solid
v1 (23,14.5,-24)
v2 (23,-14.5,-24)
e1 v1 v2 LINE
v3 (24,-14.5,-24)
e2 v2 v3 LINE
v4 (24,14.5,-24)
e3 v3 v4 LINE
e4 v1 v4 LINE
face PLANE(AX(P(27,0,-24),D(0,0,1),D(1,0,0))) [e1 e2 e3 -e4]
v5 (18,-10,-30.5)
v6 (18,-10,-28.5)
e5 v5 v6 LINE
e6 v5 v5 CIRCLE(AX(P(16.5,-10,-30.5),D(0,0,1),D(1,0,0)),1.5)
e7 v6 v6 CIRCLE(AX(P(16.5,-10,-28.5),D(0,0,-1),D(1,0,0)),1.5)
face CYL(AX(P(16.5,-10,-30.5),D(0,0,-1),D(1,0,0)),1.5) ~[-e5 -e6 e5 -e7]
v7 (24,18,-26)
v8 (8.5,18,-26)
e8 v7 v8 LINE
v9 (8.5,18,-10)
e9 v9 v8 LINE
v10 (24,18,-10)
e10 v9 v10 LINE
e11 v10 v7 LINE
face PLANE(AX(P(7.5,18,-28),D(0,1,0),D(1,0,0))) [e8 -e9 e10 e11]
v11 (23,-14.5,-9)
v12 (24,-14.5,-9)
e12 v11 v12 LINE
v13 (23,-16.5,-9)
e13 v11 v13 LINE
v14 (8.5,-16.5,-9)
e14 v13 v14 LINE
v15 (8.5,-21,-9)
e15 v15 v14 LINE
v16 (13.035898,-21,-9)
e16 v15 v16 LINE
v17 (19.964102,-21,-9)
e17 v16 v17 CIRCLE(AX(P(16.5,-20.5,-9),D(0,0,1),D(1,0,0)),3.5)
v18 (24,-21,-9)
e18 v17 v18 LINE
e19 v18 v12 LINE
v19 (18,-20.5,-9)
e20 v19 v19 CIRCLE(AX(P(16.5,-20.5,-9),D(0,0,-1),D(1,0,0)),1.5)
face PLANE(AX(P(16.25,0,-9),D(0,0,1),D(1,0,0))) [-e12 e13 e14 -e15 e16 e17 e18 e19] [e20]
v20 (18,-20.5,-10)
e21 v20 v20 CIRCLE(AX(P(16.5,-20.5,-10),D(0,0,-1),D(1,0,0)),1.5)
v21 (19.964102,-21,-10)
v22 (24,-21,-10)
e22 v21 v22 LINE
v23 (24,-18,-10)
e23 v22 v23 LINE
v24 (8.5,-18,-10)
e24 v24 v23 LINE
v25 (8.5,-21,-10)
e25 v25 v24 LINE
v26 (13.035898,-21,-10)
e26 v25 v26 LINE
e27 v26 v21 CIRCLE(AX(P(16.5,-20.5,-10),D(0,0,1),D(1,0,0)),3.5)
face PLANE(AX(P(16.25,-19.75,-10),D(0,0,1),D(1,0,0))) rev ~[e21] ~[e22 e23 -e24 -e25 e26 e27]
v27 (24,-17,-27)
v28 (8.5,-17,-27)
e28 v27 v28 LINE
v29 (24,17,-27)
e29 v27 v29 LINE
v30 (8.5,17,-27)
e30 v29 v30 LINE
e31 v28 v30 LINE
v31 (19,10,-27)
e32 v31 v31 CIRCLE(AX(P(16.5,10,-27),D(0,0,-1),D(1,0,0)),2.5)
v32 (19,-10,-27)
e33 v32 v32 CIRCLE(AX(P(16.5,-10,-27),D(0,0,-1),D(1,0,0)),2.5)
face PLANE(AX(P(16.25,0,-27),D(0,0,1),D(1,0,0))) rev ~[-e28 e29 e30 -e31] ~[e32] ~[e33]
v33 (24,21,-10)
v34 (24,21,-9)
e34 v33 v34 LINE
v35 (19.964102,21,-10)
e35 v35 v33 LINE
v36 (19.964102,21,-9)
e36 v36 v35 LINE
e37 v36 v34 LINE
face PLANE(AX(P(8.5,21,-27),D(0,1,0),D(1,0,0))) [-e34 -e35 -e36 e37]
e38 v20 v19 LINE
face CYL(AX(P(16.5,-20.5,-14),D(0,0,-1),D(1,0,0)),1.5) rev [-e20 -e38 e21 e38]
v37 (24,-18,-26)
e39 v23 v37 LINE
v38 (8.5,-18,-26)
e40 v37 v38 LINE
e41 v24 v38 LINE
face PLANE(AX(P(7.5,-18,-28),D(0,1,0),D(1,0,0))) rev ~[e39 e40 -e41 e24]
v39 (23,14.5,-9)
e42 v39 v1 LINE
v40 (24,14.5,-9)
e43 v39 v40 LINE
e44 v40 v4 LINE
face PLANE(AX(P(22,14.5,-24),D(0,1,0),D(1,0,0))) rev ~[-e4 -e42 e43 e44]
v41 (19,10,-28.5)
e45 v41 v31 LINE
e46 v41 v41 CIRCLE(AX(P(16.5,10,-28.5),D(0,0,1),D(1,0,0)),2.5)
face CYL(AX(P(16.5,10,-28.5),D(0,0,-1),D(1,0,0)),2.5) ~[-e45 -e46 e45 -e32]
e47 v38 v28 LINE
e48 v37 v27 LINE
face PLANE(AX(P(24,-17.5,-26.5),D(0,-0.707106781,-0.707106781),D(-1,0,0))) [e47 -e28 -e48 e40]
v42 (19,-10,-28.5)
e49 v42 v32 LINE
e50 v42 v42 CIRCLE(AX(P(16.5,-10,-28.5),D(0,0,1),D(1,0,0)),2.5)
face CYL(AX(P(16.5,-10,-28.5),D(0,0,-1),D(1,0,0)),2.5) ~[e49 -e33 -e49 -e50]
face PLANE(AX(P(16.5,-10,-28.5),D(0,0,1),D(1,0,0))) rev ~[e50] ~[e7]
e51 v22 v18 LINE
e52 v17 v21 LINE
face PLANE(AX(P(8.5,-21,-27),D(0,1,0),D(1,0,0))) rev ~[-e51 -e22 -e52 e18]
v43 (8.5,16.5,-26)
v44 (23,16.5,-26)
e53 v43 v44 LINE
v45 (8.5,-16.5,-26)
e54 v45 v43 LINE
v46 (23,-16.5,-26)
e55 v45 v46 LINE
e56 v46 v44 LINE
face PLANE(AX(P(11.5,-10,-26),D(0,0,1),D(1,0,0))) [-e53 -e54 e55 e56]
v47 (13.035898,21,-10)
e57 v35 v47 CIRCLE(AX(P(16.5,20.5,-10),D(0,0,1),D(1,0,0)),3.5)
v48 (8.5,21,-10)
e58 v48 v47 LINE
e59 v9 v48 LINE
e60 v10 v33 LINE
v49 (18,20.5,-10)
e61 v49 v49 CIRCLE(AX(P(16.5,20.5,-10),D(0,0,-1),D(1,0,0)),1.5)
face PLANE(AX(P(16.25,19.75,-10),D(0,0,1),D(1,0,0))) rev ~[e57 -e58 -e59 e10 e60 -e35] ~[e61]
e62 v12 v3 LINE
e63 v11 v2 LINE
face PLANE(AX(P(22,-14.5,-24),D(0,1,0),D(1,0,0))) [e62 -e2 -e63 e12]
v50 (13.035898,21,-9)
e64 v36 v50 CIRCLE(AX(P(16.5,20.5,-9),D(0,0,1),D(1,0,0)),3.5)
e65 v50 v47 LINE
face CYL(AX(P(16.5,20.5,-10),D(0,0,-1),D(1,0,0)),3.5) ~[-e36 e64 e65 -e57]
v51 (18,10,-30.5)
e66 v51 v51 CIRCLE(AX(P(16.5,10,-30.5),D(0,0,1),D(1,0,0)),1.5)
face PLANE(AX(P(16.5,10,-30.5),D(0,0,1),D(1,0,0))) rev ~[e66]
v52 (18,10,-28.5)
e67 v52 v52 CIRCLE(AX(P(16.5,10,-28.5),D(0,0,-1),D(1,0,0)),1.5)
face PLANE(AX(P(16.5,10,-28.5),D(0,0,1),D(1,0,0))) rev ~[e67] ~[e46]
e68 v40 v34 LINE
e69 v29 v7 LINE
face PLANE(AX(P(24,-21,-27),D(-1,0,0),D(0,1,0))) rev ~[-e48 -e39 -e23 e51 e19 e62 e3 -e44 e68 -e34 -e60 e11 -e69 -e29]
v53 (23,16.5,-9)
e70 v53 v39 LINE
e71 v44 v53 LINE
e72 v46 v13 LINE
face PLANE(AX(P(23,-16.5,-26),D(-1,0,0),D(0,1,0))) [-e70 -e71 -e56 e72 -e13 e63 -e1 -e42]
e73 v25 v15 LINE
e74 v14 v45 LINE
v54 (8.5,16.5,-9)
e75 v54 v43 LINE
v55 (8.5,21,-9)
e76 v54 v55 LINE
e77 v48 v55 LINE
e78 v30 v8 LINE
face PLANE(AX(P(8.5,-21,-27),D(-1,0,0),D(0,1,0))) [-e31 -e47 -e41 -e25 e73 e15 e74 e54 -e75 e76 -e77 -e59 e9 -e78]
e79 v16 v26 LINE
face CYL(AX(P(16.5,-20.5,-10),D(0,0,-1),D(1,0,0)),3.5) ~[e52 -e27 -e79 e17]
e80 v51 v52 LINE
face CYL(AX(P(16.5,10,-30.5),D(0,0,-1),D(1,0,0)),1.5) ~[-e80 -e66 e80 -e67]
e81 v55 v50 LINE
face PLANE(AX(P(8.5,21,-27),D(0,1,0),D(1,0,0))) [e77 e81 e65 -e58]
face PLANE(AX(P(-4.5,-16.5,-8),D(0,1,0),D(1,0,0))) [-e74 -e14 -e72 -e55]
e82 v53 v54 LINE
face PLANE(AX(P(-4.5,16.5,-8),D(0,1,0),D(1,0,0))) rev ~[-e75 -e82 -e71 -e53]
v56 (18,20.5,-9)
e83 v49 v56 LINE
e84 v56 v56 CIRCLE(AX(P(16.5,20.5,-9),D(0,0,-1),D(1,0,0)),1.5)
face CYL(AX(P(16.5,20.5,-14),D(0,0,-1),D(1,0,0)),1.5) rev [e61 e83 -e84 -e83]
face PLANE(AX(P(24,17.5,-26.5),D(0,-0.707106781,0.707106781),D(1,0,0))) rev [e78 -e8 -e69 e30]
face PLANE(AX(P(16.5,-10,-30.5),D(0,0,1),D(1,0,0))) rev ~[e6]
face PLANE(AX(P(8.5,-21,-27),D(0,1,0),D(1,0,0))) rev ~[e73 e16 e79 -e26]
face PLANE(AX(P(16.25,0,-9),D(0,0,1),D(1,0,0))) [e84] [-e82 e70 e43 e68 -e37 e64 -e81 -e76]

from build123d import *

# Parameters (mm, degrees)
BOX035_W          = 10
BOX035_H          = 29
BOX035_DEPTH      = 15
CYLINDER046_R     = 1.5
CYLINDER046_DEPTH = 10
BOX022_W          = 22
BOX022_H          = 8
BOX022_DEPTH      = 21
CYLINDER041_R     = 1.5
CYLINDER041_DEPTH = 10
CYLINDER051_R     = 1.5
CYLINDER051_DEPTH = 10
CYLINDER052_R     = 1.5
CYLINDER052_DEPTH = 5
CYLINDER050_R     = 1.5
CYLINDER050_DEPTH = 10
CYLINDER054_R     = 3.5
CYLINDER054_DEPTH = 5
BOX024_W          = 32
BOX024_H          = 13
BOX024_DEPTH      = 2
CYLINDER055_R     = 6.5
CYLINDER055_DEPTH = 6
BOX025_W          = 23
BOX025_H          = 13
BOX025_DEPTH      = 23
CYLINDER056_R     = 1.5
CYLINDER056_DEPTH = 10
CYLINDER058_R     = 1.5
CYLINDER058_DEPTH = 5
CYLINDER057_R     = 1.5
CYLINDER057_DEPTH = 10
CYLINDER049_R     = 3.5
CYLINDER049_DEPTH = 5
BOX023_W          = 32
BOX023_H          = 13
BOX023_DEPTH      = 2
CYLINDER053_R     = 6.5
CYLINDER053_DEPTH = 6
BOX026_W          = 23
BOX026_H          = 13
BOX026_DEPTH      = 23
CYLINDER067_R     = 1.5
CYLINDER067_DEPTH = 10
CYLINDER071_R     = 1.5
CYLINDER071_DEPTH = 5
CYLINDER069_R     = 1.5
CYLINDER069_DEPTH = 10
CYLINDER061_R     = 3.5
CYLINDER061_DEPTH = 5
BOX032_W          = 32
BOX032_H          = 13
BOX032_DEPTH      = 2
CYLINDER073_R     = 6.5
CYLINDER073_DEPTH = 6
BOX033_W          = 23
BOX033_H          = 13
BOX033_DEPTH      = 23
CYLINDER065_R     = 1.5
CYLINDER065_DEPTH = 10
CYLINDER074_R     = 1.5
CYLINDER074_DEPTH = 5
CYLINDER070_R     = 1.5
CYLINDER070_DEPTH = 10
CYLINDER063_R     = 3.5
CYLINDER063_DEPTH = 5
BOX031_W          = 32
BOX031_H          = 13
BOX031_DEPTH      = 2
CYLINDER062_R     = 6.5
CYLINDER062_DEPTH = 6
BOX029_W          = 23
BOX029_H          = 13
BOX029_DEPTH      = 23
BOX021_W          = 17.5
BOX021_H          = 3.5
BOX021_DEPTH      = 18
BOX006_W          = 17.5
BOX006_H          = 3.5
BOX006_DEPTH      = 18
BOX020_W          = 15.5
BOX020_H          = 42
BOX020_DEPTH      = 18
CYLINDER042_R     = 3.5
CYLINDER042_DEPTH = 1
CYLINDER016_R     = 1.4
CYLINDER016_DEPTH = 2.5
CYLINDER015_R     = 1.4
CYLINDER015_DEPTH = 2.5
CYLINDER045_R     = 3.5
CYLINDER045_DEPTH = 1
CHAMFER019_SIZE   = 1
CYLINDER201_R     = 1.5
CYLINDER201_DEPTH = 2.5
CYLINDER203_R     = 2.5
CYLINDER203_DEPTH = 2.5
CYLINDER204_R     = 2.5
CYLINDER204_DEPTH = 2.5
CYLINDER202_R     = 1.5
CYLINDER202_DEPTH = 2.5


with BuildPart() as w_rfel035:
    # Box035 → Box035 (new body)
    with BuildSketch(Plane(origin=(22, -14.5, -24), x_dir=(1, 0, 0), z_dir=(0, 0, 1))):
        with Locations((5, 14.5)):
            Rectangle(BOX035_W, BOX035_H)
    extrude(amount=BOX035_DEPTH)


with BuildPart() as zylinder046:
    # Cylinder046 → Cylinder046 (new body)
    with BuildSketch(Plane(origin=(16.5, -20.5, -14), x_dir=(1, 0, 0), z_dir=(0, 0, 1))):
        Circle(CYLINDER046_R)
    extrude(amount=CYLINDER046_DEPTH)


with BuildPart() as w_rfel022:
    # Box022 → Box022 (new body)
    with BuildSketch(Plane(origin=(1, -4, -26), x_dir=(1, 0, 0), z_dir=(0, 0, 1))):
        with Locations((11, 4)):
            Rectangle(BOX022_W, BOX022_H)
    extrude(amount=BOX022_DEPTH)


with BuildPart() as fusion094:
    # Cylinder041 → Cylinder041 (new body)
    with BuildSketch(Plane(origin=(16.5, 20.5, -14), x_dir=(1, 0, 0), z_dir=(0, 0, 1))):
        Circle(CYLINDER041_R)
    extrude(amount=CYLINDER041_DEPTH)

    # Fusion021: union Zylinder046, Würfel022
    add(zylinder046.part)
    add(w_rfel022.part)

    # Fusion094: union Würfel035
    add(w_rfel035.part)


with BuildPart() as zylinder051:
    # Cylinder051 → Cylinder051 (new body)
    with BuildSketch(Plane(origin=(25.5, 6.5, 13), x_dir=(1, 0, 0), z_dir=(0, 0, 1))):
        Circle(CYLINDER051_R)
    extrude(amount=CYLINDER051_DEPTH)


with BuildPart() as zylinder052:
    # Cylinder052 → Cylinder052 (new body)
    with BuildSketch(Plane(origin=(16.5, 6.5, 30), x_dir=(1, 0, 0), z_dir=(0, 0, 1))):
        Circle(CYLINDER052_R)
    extrude(amount=CYLINDER052_DEPTH)


with BuildPart() as fusion025:
    # Cylinder050 → Cylinder050 (new body)
    with BuildSketch(Plane(origin=(-2.5, 6.5, 13), x_dir=(1, 0, 0), z_dir=(0, 0, 1))):
        Circle(CYLINDER050_R)
    extrude(amount=CYLINDER050_DEPTH)

    # Fusion025: union Zylinder051, Zylinder052
    add(zylinder051.part)
    add(zylinder052.part)


with BuildPart() as zylinder054:
    # Cylinder054 → Cylinder054 (new body)
    with BuildSketch(Plane(origin=(16.5, 6.5, 29), x_dir=(1, 0, 0), z_dir=(0, 0, 1))):
        Circle(CYLINDER054_R)
    extrude(amount=CYLINDER054_DEPTH)


with BuildPart() as w_rfel024:
    # Box024 → Box024 (new body)
    with BuildSketch(Plane(origin=(-4.5, 0, 18), x_dir=(1, 0, 0), z_dir=(0, 0, 1))):
        with Locations((16, 6.5)):
            Rectangle(BOX024_W, BOX024_H)
    extrude(amount=BOX024_DEPTH)


with BuildPart() as zylinder055:
    # Cylinder055 → Cylinder055 (new body)
    with BuildSketch(Plane(origin=(16.5, 6.5, 23), x_dir=(1, 0, 0), z_dir=(0, 0, 1))):
        Circle(CYLINDER055_R)
    extrude(amount=CYLINDER055_DEPTH)


with BuildPart() as servo2_mask001:
    # Box025 → Box025 (new body)
    with BuildSketch(Plane.XY):
        with Locations((11.5, 6.5)):
            Rectangle(BOX025_W, BOX025_H)
    extrude(amount=BOX025_DEPTH)

    # Fusion024: union Zylinder054, Würfel024, Zylinder055
    add(zylinder054.part)
    add(w_rfel024.part)
    add(zylinder055.part)

    # Cut012: cut Fusion025
    add(fusion025.part, mode=Mode.SUBTRACT)


with BuildPart() as servo2_mask001_1:
    # Cut012 placement: moved
    add(servo2_mask001.part.moved(Location((0, -16.5, -26))))


with BuildPart() as zylinder056:
    # Cylinder056 → Cylinder056 (new body)
    with BuildSketch(Plane(origin=(25.5, 6.5, 13), x_dir=(1, 0, 0), z_dir=(0, 0, 1))):
        Circle(CYLINDER056_R)
    extrude(amount=CYLINDER056_DEPTH)


with BuildPart() as zylinder058:
    # Cylinder058 → Cylinder058 (new body)
    with BuildSketch(Plane(origin=(16.5, 6.5, 30), x_dir=(1, 0, 0), z_dir=(0, 0, 1))):
        Circle(CYLINDER058_R)
    extrude(amount=CYLINDER058_DEPTH)


with BuildPart() as fusion026:
    # Cylinder057 → Cylinder057 (new body)
    with BuildSketch(Plane(origin=(-2.5, 6.5, 13), x_dir=(1, 0, 0), z_dir=(0, 0, 1))):
        Circle(CYLINDER057_R)
    extrude(amount=CYLINDER057_DEPTH)

    # Fusion026: union Zylinder056, Zylinder058
    add(zylinder056.part)
    add(zylinder058.part)


with BuildPart() as zylinder049:
    # Cylinder049 → Cylinder049 (new body)
    with BuildSketch(Plane(origin=(16.5, 6.5, 29), x_dir=(1, 0, 0), z_dir=(0, 0, 1))):
        Circle(CYLINDER049_R)
    extrude(amount=CYLINDER049_DEPTH)


with BuildPart() as w_rfel023:
    # Box023 → Box023 (new body)
    with BuildSketch(Plane(origin=(-4.5, 0, 18), x_dir=(1, 0, 0), z_dir=(0, 0, 1))):
        with Locations((16, 6.5)):
            Rectangle(BOX023_W, BOX023_H)
    extrude(amount=BOX023_DEPTH)


with BuildPart() as zylinder053:
    # Cylinder053 → Cylinder053 (new body)
    with BuildSketch(Plane(origin=(16.5, 6.5, 23), x_dir=(1, 0, 0), z_dir=(0, 0, 1))):
        Circle(CYLINDER053_R)
    extrude(amount=CYLINDER053_DEPTH)


with BuildPart() as fusion023:
    # Box026 → Box026 (new body)
    with BuildSketch(Plane.XY):
        with Locations((11.5, 6.5)):
            Rectangle(BOX026_W, BOX026_H)
    extrude(amount=BOX026_DEPTH)

    # Fusion027: union Zylinder049, Würfel023, Zylinder053
    add(zylinder049.part)
    add(w_rfel023.part)
    add(zylinder053.part)

    # Cut011: cut Fusion026
    add(fusion026.part, mode=Mode.SUBTRACT)


with BuildPart() as fusion023_1:
    # Cut011 placement: moved
    add(fusion023.part.moved(Location((0, 3.5, -26))))

    # Fusion023: union Servo2_mask001
    add(servo2_mask001_1.part)


with BuildPart() as zylinder067:
    # Cylinder067 → Cylinder067 (new body)
    with BuildSketch(Plane(origin=(25.5, 6.5, 13), x_dir=(1, 0, 0), z_dir=(0, 0, 1))):
        Circle(CYLINDER067_R)
    extrude(amount=CYLINDER067_DEPTH)


with BuildPart() as zylinder071:
    # Cylinder071 → Cylinder071 (new body)
    with BuildSketch(Plane(origin=(16.5, 6.5, 30), x_dir=(1, 0, 0), z_dir=(0, 0, 1))):
        Circle(CYLINDER071_R)
    extrude(amount=CYLINDER071_DEPTH)


with BuildPart() as fusion035:
    # Cylinder069 → Cylinder069 (new body)
    with BuildSketch(Plane(origin=(-2.5, 6.5, 13), x_dir=(1, 0, 0), z_dir=(0, 0, 1))):
        Circle(CYLINDER069_R)
    extrude(amount=CYLINDER069_DEPTH)

    # Fusion035: union Zylinder067, Zylinder071
    add(zylinder067.part)
    add(zylinder071.part)


with BuildPart() as zylinder061:
    # Cylinder061 → Cylinder061 (new body)
    with BuildSketch(Plane(origin=(16.5, 6.5, 29), x_dir=(1, 0, 0), z_dir=(0, 0, 1))):
        Circle(CYLINDER061_R)
    extrude(amount=CYLINDER061_DEPTH)


with BuildPart() as w_rfel032:
    # Box032 → Box032 (new body)
    with BuildSketch(Plane(origin=(-4.5, 0, 18), x_dir=(1, 0, 0), z_dir=(0, 0, 1))):
        with Locations((16, 6.5)):
            Rectangle(BOX032_W, BOX032_H)
    extrude(amount=BOX032_DEPTH)


with BuildPart() as zylinder073:
    # Cylinder073 → Cylinder073 (new body)
    with BuildSketch(Plane(origin=(16.5, 6.5, 23), x_dir=(1, 0, 0), z_dir=(0, 0, 1))):
        Circle(CYLINDER073_R)
    extrude(amount=CYLINDER073_DEPTH)


with BuildPart() as servo2_mask002:
    # Box033 → Box033 (new body)
    with BuildSketch(Plane.XY):
        with Locations((11.5, 6.5)):
            Rectangle(BOX033_W, BOX033_H)
    extrude(amount=BOX033_DEPTH)

    # Fusion033: union Zylinder061, Würfel032, Zylinder073
    add(zylinder061.part)
    add(w_rfel032.part)
    add(zylinder073.part)

    # Cut021: cut Fusion035
    add(fusion035.part, mode=Mode.SUBTRACT)


with BuildPart() as servo2_mask002_1:
    # Cut021 placement: moved
    add(servo2_mask002.part.moved(Location((0, -16.5, -26))))


with BuildPart() as zylinder065:
    # Cylinder065 → Cylinder065 (new body)
    with BuildSketch(Plane(origin=(25.5, 6.5, 13), x_dir=(1, 0, 0), z_dir=(0, 0, 1))):
        Circle(CYLINDER065_R)
    extrude(amount=CYLINDER065_DEPTH)


with BuildPart() as zylinder074:
    # Cylinder074 → Cylinder074 (new body)
    with BuildSketch(Plane(origin=(16.5, 6.5, 30), x_dir=(1, 0, 0), z_dir=(0, 0, 1))):
        Circle(CYLINDER074_R)
    extrude(amount=CYLINDER074_DEPTH)


with BuildPart() as fusion036:
    # Cylinder070 → Cylinder070 (new body)
    with BuildSketch(Plane(origin=(-2.5, 6.5, 13), x_dir=(1, 0, 0), z_dir=(0, 0, 1))):
        Circle(CYLINDER070_R)
    extrude(amount=CYLINDER070_DEPTH)

    # Fusion036: union Zylinder065, Zylinder074
    add(zylinder065.part)
    add(zylinder074.part)


with BuildPart() as zylinder063:
    # Cylinder063 → Cylinder063 (new body)
    with BuildSketch(Plane(origin=(16.5, 6.5, 29), x_dir=(1, 0, 0), z_dir=(0, 0, 1))):
        Circle(CYLINDER063_R)
    extrude(amount=CYLINDER063_DEPTH)


with BuildPart() as w_rfel031:
    # Box031 → Box031 (new body)
    with BuildSketch(Plane(origin=(-4.5, 0, 18), x_dir=(1, 0, 0), z_dir=(0, 0, 1))):
        with Locations((16, 6.5)):
            Rectangle(BOX031_W, BOX031_H)
    extrude(amount=BOX031_DEPTH)


with BuildPart() as zylinder062:
    # Cylinder062 → Cylinder062 (new body)
    with BuildSketch(Plane(origin=(16.5, 6.5, 23), x_dir=(1, 0, 0), z_dir=(0, 0, 1))):
        Circle(CYLINDER062_R)
    extrude(amount=CYLINDER062_DEPTH)


with BuildPart() as fusion096:
    # Box029 → Box029 (new body)
    with BuildSketch(Plane.XY):
        with Locations((11.5, 6.5)):
            Rectangle(BOX029_W, BOX029_H)
    extrude(amount=BOX029_DEPTH)

    # Fusion034: union Zylinder063, Würfel031, Zylinder062
    add(zylinder063.part)
    add(w_rfel031.part)
    add(zylinder062.part)

    # Cut016: cut Fusion036
    add(fusion036.part, mode=Mode.SUBTRACT)


with BuildPart() as fusion096_1:
    # Cut016 placement: moved
    add(fusion096.part.moved(Location((0, 3.5, -26))))

    # Fusion032: union Servo2_mask002
    add(servo2_mask002_1.part)

    # Fusion096: union Fusion094, Fusion023
    add(fusion094.part)
    add(fusion023_1.part)


with BuildPart() as w_rfel021:
    # Box021 → Box021 (new body)
    with BuildSketch(Plane(origin=(7.5, 18, -28), x_dir=(1, 0, 0), z_dir=(0, 0, 1))):
        with Locations((8.75, 1.75)):
            Rectangle(BOX021_W, BOX021_H)
    extrude(amount=BOX021_DEPTH)


with BuildPart() as fusion018:
    # Box006 → Box006 (new body)
    with BuildSketch(Plane(origin=(7.5, -21.5, -28), x_dir=(1, 0, 0), z_dir=(0, 0, 1))):
        with Locations((8.75, 1.75)):
            Rectangle(BOX006_W, BOX006_H)
    extrude(amount=BOX006_DEPTH)

    # Fusion018: union Würfel021
    add(w_rfel021.part)


with BuildPart() as cut009:
    # Box020 → Box020 (new body)
    with BuildSketch(Plane(origin=(8.5, -21, -27), x_dir=(1, 0, 0), z_dir=(0, 0, 1))):
        with Locations((7.75, 21)):
            Rectangle(BOX020_W, BOX020_H)
    extrude(amount=BOX020_DEPTH)

    # Cut009: cut Fusion018
    add(fusion018.part, mode=Mode.SUBTRACT)


with BuildPart() as zylinder042:
    # Cylinder042 → Cylinder042 (new body)
    with BuildSketch(Plane(origin=(16.5, 20.5, -10), x_dir=(1, 0, 0), z_dir=(0, 0, 1))):
        Circle(CYLINDER042_R)
    extrude(amount=CYLINDER042_DEPTH)


with BuildPart() as zylinder016:
    # Cylinder016 → Cylinder016 (new body)
    with BuildSketch(Plane(origin=(16.5, -10, -29.5), x_dir=(1, 0, 0), z_dir=(0, 0, 1))):
        Circle(CYLINDER016_R)
    extrude(amount=CYLINDER016_DEPTH)


with BuildPart() as zylinder015:
    # Cylinder015 → Cylinder015 (new body)
    with BuildSketch(Plane(origin=(16.5, 10, -29.5), x_dir=(1, 0, 0), z_dir=(0, 0, 1))):
        Circle(CYLINDER015_R)
    extrude(amount=CYLINDER015_DEPTH)


with BuildPart() as chamfer019:
    # Cylinder045 → Cylinder045 (new body)
    with BuildSketch(Plane(origin=(16.5, -20.5, -10), x_dir=(1, 0, 0), z_dir=(0, 0, 1))):
        Circle(CYLINDER045_R)
    extrude(amount=CYLINDER045_DEPTH)

    # Fusion019: union Zylinder042, Zylinder016, Zylinder015
    add(zylinder042.part)
    add(zylinder016.part)
    add(zylinder015.part)

    # Fusion095: union Cut009
    add(cut009.part)

    # Cut074: cut Fusion096
    add(fusion096_1.part, mode=Mode.SUBTRACT)

    # Chamfer019
    chamfer019_edges = [chamfer019.edges().sort_by_distance(p)[0] for p in [
        (16.25, -18, -27),
        (16.25, 18, -27),
    ]]
    chamfer(chamfer019_edges, length=CHAMFER019_SIZE)


with BuildPart() as zylinder201:
    # Cylinder201 → Cylinder201 (new body)
    with BuildSketch(Plane(origin=(16.5, -10, -30.5), x_dir=(1, 0, 0), z_dir=(0, 0, 1))):
        Circle(CYLINDER201_R)
    extrude(amount=CYLINDER201_DEPTH)


with BuildPart() as zylinder203:
    # Cylinder203 → Cylinder203 (new body)
    with BuildSketch(Plane(origin=(16.5, 10, -28.5), x_dir=(1, 0, 0), z_dir=(0, 0, 1))):
        Circle(CYLINDER203_R)
    extrude(amount=CYLINDER203_DEPTH)


with BuildPart() as zylinder204:
    # Cylinder204 → Cylinder204 (new body)
    with BuildSketch(Plane(origin=(16.5, -10, -28.5), x_dir=(1, 0, 0), z_dir=(0, 0, 1))):
        Circle(CYLINDER204_R)
    extrude(amount=CYLINDER204_DEPTH)


with BuildPart() as fusion133:
    # Cylinder202 → Cylinder202 (new body)
    with BuildSketch(Plane(origin=(16.5, 10, -30.5), x_dir=(1, 0, 0), z_dir=(0, 0, 1))):
        Circle(CYLINDER202_R)
    extrude(amount=CYLINDER202_DEPTH)

    # Fusion132: union Zylinder201, Zylinder203, Zylinder204
    add(zylinder201.part)
    add(zylinder203.part)
    add(zylinder204.part)

    # Fusion133: union Chamfer019
    add(chamfer019.part)


solid = fusion133.part
